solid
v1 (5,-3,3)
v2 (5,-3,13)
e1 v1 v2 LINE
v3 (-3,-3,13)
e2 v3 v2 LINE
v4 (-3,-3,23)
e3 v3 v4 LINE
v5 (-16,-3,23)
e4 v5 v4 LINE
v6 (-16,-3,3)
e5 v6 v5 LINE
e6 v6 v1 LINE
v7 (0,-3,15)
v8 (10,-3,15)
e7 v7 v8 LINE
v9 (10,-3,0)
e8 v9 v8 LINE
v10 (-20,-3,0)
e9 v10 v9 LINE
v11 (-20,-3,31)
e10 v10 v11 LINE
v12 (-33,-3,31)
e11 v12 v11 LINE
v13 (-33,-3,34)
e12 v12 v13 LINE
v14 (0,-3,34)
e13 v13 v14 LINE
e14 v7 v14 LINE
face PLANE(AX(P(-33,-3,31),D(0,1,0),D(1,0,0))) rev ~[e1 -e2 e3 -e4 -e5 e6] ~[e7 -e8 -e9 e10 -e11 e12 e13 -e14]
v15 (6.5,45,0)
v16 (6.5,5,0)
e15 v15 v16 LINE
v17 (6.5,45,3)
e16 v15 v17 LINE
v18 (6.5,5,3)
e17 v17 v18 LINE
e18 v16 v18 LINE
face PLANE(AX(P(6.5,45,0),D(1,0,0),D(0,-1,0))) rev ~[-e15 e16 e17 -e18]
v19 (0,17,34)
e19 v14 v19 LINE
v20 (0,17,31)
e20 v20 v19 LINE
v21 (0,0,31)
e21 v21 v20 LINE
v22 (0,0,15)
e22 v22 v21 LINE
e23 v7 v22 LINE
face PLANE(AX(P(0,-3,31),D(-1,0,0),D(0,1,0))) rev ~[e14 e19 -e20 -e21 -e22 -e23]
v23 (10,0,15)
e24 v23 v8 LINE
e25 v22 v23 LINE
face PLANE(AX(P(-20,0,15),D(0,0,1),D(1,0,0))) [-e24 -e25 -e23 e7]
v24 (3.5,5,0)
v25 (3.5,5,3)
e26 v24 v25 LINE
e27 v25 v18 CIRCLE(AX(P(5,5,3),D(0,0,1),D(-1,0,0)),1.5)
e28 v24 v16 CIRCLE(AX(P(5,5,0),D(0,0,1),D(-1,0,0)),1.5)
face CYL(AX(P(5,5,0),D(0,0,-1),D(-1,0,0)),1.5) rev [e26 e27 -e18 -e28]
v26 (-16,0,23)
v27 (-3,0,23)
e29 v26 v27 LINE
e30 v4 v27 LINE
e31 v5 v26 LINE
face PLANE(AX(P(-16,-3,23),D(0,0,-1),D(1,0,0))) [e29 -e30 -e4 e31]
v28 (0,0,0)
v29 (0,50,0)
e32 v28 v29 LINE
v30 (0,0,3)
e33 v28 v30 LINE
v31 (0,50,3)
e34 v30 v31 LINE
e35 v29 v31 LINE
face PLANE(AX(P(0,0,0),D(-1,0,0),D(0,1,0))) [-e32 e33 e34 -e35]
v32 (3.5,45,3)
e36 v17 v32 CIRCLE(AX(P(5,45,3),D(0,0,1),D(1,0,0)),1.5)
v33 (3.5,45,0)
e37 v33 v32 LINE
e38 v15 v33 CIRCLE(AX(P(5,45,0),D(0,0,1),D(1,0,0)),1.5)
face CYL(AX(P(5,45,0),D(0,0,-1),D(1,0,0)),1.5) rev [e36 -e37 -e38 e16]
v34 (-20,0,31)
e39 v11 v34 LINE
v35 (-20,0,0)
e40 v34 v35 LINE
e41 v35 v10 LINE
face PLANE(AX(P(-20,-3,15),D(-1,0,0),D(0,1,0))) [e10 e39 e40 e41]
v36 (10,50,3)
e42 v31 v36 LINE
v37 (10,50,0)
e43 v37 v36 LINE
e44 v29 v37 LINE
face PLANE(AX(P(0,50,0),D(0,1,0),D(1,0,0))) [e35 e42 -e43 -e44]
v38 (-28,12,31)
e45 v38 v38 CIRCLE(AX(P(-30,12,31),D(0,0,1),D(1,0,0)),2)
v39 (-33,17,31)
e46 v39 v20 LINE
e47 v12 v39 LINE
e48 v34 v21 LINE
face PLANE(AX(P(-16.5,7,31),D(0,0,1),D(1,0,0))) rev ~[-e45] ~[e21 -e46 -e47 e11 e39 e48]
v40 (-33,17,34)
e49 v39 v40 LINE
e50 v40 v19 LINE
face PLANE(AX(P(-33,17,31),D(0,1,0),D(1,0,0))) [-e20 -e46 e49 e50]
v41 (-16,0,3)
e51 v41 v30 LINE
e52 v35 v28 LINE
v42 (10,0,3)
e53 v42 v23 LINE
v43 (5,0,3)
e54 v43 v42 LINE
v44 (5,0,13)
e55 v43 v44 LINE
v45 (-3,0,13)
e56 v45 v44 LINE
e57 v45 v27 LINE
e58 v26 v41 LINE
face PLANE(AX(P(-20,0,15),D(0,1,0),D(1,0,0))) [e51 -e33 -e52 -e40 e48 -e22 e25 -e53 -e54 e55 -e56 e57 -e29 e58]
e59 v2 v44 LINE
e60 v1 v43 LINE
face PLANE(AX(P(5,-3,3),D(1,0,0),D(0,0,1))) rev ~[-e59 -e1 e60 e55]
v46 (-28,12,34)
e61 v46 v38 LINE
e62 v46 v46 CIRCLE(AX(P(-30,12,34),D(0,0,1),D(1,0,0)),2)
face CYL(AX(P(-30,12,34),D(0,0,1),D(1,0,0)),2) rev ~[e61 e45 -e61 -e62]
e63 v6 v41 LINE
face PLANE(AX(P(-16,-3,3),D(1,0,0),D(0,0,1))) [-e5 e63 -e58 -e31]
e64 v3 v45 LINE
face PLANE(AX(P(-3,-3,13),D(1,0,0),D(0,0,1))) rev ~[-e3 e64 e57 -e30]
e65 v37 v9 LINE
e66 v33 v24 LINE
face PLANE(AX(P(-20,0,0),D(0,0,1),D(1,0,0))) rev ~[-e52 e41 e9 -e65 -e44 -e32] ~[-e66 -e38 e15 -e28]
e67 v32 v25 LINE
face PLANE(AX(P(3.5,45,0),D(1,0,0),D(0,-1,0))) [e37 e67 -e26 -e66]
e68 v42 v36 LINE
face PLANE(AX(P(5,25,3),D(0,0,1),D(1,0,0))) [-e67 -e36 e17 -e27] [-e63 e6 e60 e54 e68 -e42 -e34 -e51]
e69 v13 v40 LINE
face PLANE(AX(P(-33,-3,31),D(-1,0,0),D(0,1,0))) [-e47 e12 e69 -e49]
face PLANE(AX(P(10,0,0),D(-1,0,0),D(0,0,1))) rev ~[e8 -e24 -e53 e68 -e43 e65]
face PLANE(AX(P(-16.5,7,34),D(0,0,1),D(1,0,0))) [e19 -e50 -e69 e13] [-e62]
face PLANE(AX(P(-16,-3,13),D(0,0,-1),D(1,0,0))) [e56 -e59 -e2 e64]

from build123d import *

# Parameters (mm, degrees)
SKETCH_W        = 10
SKETCH_H        = 50
PAD_DEPTH       = 3
SKETCH001_W     = 30
SKETCH001_H     = 15
PAD001_DEPTH    = 3
SKETCH002_W     = 21
SKETCH002_H     = 10
POCKET_DEPTH    = 3
SKETCH003_W     = 20
SKETCH003_H     = 3
PAD002_DEPTH    = 16
SKETCH004_W     = 13
SKETCH004_H     = 10
POCKET001_DEPTH = 3
SKETCH005_W     = 33
SKETCH005_H     = 20
PAD003_DEPTH    = 3
SKETCH006_R     = 2
POCKET002_DEPTH = 3


with BuildPart() as part:
    # Sketch → Pad (new body)
    with BuildSketch(Plane.XY):
        with Locations((5, 25)):
            Rectangle(SKETCH_W, SKETCH_H)
        with BuildLine():
            ThreePointArc((6.5, 45), (5, 46.5), (3.5, 45))
            Line((3.5, 45), (3.5, 5))
            ThreePointArc((3.5, 5), (5, 3.5), (6.5, 5))
            Line((6.5, 45), (6.5, 5))
        make_face(mode=Mode.SUBTRACT)
    extrude(amount=PAD_DEPTH)

    # Sketch001 → Pad001 (new body)
    with BuildSketch(Plane.XZ):
        with Locations((-5, 7.5)):
            Rectangle(SKETCH001_W, SKETCH001_H)
    extrude(amount=PAD001_DEPTH)

    # Sketch002 → Pocket (cut)
    with BuildSketch(Plane.XZ.offset(3)):
        with Locations((-5.5, 8)):
            Rectangle(SKETCH002_W, SKETCH002_H)
    extrude(amount=-POCKET_DEPTH, mode=Mode.SUBTRACT)

    # Sketch003 → Pad002 (new body)
    with BuildSketch(Plane.XY.offset(15)):
        with Locations((-10, -1.5)):
            Rectangle(SKETCH003_W, SKETCH003_H)
    extrude(amount=PAD002_DEPTH)

    # Sketch004 → Pocket001 (cut)
    with BuildSketch(Plane.XZ.offset(3)):
        with Locations((-9.5, 18)):
            Rectangle(SKETCH004_W, SKETCH004_H)
    extrude(amount=-POCKET001_DEPTH, mode=Mode.SUBTRACT)

    # Sketch005 → Pad003 (new body)
    with BuildSketch(Plane.XY.offset(31)):
        with Locations((-16.5, 7)):
            Rectangle(SKETCH005_W, SKETCH005_H)
    extrude(amount=PAD003_DEPTH)

    # Sketch006 → Pocket002 (cut)
    with BuildSketch(Plane.XY.offset(34)):
        with Locations((-30, 12)):
            Circle(SKETCH006_R)
    extrude(amount=-POCKET002_DEPTH, mode=Mode.SUBTRACT)


solid = part.part
